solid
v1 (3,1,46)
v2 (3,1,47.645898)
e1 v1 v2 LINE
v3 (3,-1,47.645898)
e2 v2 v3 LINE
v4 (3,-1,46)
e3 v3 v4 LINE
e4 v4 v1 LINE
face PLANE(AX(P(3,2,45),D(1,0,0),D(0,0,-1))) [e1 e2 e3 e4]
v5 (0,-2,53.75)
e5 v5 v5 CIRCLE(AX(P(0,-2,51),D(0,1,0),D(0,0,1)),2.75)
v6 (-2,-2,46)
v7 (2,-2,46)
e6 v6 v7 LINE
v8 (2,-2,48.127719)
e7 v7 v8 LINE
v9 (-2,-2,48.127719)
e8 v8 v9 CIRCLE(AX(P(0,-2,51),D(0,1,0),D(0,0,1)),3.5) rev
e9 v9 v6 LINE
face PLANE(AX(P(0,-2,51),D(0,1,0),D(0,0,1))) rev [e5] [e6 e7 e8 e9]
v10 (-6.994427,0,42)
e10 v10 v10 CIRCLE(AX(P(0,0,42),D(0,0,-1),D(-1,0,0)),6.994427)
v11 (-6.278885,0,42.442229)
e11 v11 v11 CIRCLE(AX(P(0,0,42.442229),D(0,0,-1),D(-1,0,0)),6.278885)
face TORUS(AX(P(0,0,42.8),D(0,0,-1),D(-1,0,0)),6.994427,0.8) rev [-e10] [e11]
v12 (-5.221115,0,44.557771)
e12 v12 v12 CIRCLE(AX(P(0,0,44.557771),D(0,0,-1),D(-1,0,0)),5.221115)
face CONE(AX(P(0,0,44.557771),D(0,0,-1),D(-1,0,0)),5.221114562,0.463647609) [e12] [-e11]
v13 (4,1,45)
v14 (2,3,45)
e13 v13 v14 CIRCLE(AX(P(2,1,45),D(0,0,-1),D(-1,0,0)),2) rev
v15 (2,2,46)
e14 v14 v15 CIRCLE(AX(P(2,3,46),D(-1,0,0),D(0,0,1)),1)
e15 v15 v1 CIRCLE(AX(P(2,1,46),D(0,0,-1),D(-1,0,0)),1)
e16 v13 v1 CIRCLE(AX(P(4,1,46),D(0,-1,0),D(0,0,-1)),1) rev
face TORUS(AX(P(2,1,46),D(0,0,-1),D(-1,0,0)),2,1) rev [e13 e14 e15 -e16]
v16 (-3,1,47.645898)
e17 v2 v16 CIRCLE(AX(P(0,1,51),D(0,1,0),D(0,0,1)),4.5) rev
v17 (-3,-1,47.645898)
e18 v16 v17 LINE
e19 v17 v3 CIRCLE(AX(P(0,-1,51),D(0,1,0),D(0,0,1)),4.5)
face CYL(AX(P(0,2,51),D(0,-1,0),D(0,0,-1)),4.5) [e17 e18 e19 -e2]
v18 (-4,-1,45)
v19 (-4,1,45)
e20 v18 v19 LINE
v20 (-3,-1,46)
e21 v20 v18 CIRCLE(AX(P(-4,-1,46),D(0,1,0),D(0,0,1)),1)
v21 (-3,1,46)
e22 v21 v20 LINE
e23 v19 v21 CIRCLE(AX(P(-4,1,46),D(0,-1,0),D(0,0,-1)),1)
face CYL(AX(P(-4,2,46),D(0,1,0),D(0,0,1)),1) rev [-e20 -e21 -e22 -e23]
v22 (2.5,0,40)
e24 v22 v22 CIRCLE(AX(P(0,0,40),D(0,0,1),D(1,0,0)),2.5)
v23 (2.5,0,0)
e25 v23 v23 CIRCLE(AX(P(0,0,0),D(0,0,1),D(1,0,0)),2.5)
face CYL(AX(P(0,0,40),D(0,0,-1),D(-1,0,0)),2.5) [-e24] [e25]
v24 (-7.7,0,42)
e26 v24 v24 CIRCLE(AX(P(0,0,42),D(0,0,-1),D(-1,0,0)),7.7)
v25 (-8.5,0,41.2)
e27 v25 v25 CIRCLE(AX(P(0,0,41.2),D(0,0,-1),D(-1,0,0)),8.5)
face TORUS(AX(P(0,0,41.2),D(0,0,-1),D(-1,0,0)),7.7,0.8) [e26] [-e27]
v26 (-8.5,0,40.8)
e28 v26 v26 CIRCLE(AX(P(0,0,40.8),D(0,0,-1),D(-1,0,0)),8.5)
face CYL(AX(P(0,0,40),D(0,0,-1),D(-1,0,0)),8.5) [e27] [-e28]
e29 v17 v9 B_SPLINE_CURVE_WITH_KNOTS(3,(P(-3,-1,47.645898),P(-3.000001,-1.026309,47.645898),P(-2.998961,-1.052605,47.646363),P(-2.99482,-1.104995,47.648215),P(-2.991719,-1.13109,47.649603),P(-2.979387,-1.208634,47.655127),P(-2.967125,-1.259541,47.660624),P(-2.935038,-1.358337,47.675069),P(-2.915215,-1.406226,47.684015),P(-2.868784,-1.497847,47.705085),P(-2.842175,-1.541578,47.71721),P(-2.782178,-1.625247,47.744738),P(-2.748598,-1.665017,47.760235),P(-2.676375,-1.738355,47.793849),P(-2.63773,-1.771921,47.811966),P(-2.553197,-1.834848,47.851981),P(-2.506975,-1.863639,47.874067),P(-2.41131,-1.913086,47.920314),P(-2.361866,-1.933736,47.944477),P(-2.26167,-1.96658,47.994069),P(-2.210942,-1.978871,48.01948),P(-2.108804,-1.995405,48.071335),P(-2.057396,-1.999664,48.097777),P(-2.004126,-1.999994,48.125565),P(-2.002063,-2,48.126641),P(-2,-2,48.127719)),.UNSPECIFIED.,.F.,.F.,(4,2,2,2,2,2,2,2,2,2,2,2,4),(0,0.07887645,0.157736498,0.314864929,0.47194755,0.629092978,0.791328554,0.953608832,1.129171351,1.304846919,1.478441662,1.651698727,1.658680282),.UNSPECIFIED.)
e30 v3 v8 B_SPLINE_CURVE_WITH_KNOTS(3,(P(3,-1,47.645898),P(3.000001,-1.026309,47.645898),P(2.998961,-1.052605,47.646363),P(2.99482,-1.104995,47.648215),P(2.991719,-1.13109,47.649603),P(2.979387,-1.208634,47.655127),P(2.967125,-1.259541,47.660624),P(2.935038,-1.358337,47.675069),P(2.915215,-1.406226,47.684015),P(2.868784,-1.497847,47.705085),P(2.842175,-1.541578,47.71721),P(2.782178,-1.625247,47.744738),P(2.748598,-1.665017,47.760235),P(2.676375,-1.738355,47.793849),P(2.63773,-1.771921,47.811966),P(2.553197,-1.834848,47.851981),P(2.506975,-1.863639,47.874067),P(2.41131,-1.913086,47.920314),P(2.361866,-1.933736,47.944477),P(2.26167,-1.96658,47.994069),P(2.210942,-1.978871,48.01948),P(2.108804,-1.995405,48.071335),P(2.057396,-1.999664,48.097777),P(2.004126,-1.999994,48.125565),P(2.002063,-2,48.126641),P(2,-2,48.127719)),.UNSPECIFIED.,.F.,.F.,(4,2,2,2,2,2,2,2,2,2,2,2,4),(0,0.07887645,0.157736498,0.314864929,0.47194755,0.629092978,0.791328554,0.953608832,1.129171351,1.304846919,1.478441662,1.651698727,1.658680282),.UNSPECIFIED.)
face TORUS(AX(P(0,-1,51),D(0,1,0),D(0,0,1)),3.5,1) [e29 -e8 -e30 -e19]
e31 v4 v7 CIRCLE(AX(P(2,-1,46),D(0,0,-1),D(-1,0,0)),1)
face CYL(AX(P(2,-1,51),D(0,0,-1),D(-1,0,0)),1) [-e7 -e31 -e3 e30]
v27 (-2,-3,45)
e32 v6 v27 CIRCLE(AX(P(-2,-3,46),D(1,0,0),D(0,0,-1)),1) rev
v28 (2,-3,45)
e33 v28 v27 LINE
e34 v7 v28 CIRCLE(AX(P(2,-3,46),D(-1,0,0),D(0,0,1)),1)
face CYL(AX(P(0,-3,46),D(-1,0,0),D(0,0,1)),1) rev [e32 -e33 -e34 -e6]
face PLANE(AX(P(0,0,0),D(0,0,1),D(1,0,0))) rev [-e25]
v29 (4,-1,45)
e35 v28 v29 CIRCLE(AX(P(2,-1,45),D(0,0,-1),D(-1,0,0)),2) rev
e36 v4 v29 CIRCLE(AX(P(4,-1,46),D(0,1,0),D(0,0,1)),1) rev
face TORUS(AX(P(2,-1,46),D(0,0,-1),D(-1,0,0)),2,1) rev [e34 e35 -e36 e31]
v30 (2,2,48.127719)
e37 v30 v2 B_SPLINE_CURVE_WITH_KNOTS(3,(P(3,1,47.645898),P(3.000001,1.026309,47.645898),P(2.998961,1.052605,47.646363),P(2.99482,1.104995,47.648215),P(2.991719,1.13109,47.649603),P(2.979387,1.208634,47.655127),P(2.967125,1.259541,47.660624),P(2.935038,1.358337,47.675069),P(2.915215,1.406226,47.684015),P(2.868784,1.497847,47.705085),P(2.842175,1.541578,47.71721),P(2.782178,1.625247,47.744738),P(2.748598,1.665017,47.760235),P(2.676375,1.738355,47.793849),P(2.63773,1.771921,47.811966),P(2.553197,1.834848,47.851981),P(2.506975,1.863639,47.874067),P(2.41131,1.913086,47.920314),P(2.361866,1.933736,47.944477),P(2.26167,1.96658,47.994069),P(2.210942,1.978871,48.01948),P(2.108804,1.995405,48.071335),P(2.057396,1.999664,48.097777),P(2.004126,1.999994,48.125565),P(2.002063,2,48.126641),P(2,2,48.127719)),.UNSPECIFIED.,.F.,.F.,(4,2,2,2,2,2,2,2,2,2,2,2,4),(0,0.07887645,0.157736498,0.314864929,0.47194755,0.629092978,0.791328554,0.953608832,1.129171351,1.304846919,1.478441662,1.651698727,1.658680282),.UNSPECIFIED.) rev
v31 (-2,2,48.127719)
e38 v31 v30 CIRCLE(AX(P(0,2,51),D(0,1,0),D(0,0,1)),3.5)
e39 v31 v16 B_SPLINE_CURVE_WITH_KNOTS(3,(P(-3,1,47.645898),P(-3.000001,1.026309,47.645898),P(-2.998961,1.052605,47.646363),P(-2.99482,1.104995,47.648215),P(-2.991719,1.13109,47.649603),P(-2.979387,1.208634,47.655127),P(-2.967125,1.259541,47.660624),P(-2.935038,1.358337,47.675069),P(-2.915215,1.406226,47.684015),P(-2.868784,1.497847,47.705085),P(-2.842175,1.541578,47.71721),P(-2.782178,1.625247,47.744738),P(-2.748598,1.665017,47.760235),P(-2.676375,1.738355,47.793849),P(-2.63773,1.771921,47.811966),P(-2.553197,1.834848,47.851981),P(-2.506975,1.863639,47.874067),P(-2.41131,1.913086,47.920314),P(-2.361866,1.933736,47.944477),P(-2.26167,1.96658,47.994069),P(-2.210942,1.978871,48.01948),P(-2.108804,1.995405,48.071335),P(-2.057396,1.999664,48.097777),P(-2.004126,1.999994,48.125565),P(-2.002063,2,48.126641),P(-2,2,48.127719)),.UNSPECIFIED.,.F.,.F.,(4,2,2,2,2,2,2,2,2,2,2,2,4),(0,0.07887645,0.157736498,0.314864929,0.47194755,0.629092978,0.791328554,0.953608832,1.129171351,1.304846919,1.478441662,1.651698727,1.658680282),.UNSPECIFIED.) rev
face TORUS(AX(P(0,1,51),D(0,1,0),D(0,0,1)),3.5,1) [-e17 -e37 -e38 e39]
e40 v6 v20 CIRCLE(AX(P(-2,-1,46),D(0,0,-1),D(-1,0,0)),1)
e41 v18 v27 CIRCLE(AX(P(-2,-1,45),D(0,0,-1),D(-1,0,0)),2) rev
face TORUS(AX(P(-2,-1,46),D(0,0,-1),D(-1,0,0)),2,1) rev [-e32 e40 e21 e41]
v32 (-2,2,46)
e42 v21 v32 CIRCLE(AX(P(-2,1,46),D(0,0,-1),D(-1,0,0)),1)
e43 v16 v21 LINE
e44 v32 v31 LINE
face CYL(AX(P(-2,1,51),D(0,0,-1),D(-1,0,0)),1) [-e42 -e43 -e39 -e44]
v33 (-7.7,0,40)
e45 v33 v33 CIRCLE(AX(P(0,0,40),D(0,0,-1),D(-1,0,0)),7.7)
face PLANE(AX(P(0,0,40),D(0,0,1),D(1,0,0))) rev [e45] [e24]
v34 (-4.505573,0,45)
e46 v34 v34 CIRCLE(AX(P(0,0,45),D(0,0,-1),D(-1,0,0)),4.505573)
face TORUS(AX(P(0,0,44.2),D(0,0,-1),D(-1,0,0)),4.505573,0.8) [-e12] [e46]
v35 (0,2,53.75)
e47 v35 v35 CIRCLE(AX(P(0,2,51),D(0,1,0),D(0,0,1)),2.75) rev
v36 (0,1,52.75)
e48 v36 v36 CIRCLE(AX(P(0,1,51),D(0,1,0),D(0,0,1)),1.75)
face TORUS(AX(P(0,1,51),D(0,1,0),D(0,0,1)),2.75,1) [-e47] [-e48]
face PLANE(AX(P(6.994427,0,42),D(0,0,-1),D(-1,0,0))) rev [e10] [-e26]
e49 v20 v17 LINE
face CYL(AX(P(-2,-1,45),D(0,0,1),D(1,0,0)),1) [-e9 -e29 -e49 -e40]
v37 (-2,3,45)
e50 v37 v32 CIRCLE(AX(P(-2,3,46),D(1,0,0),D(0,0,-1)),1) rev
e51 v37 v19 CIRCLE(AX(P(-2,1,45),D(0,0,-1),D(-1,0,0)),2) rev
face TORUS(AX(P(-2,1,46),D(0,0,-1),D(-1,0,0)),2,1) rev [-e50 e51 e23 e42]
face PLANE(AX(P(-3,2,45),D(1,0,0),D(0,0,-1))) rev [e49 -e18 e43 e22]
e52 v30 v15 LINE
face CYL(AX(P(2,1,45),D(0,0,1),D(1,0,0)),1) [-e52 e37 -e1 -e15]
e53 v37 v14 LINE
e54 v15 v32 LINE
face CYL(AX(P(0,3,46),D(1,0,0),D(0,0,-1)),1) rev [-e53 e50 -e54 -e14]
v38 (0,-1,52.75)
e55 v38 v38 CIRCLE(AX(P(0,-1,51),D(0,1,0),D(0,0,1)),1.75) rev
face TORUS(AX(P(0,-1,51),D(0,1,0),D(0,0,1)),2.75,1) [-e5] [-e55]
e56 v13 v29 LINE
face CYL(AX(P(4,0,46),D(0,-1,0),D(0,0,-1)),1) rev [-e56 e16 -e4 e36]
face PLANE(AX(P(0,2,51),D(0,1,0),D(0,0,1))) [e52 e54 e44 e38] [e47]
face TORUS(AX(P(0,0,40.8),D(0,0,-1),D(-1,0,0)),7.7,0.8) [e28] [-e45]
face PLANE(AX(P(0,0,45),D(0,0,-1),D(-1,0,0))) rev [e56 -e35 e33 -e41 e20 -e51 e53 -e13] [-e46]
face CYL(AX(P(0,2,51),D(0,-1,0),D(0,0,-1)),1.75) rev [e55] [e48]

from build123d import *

# Parameters (mm, degrees)
SKETCH_2_R      = 2.5
EXTRUDE_1_DEPTH = 40
SKETCH_8_R      = 1.75
EXTRUDE_4_DEPTH = 2
FILLET_2_R      = 1


with BuildPart() as part:
    # 草图2 → 凸台-拉伸1 (new body)
    with BuildSketch(Plane.XY):
        Circle(SKETCH_2_R)
    extrude(amount=EXTRUDE_1_DEPTH)

    # 草图6 → 旋转2 (revolve)
    with BuildSketch(Plane(origin=(0, 0, 0), x_dir=(1, 0, 0), z_dir=(0, 1, 0)), mode=Mode.PRIVATE) as revolve_2_sk:
        with BuildLine():
            Line((0, -40), (7.7, -40))
            ThreePointArc((7.7, -40), (8.265685425, -40.234314575), (8.5, -40.8))
            Line((8.5, -40.8), (8.5, -41.2))
            ThreePointArc((8.5, -41.2), (8.265685425, -41.765685425), (7.7, -42))
            Line((7.7, -42), (6.994427191, -42))
            ThreePointArc((6.994427191, -42), (6.573842301, -42.119479353), (6.278885438, -42.442229124))
            Line((6.278885438, -42.442229124), (5.221114562, -44.557770876))
            ThreePointArc((5.221114562, -44.557770876), (4.926157699, -44.880520647), (4.505572809, -45))
            Line((4.505572809, -45), (0, -45))
            Line((0, -45), (0, -42))
            Line((0, -42), (0, -40))
        make_face()
    revolve(revolve_2_sk.sketch.rotate(Axis((0, 0, 40), (0, 0, 1)), 180), axis=Axis((0, 0, 40), (0, 0, 1)))

    # 草图8 → 凸台-拉伸4 (add, symmetric)
    with BuildSketch(Plane(origin=(0, 0, 0), x_dir=(1, 0, 0), z_dir=(0, 1, 0))):
        with BuildLine():
            Line((-3, -45), (-3, -47.645898034))
            ThreePointArc((-3, -47.645898034), (0, -55.5), (3, -47.645898034))
            Line((3, -47.645898034), (3, -45))
            Line((3, -45), (-3, -45))
        make_face()
        with Locations(Location((0, -51, 0), (0, 0, 270))):
            Circle(SKETCH_8_R, mode=Mode.SUBTRACT)
    extrude(amount=EXTRUDE_4_DEPTH, both=True)

    # 圆角2
    fillet_2_edges = [part.edges().sort_by_distance(p)[0] for p in [
        (-3, 2, 46.322949017),
        (0, 2, 55.5),
        (0, -2, 45),
        (3, -2, 46.322949017),
        (0, -2, 49.25),
        (-3, -2, 46.322949017),
        (-3, 0, 45),
        (0, -2, 55.5),
        (3, 2, 46.322949017),
        (0, 2, 45),
        (3, 0, 45),
        (0, 2, 49.25),
    ]]
    fillet(fillet_2_edges, radius=FILLET_2_R)


solid = part.part
